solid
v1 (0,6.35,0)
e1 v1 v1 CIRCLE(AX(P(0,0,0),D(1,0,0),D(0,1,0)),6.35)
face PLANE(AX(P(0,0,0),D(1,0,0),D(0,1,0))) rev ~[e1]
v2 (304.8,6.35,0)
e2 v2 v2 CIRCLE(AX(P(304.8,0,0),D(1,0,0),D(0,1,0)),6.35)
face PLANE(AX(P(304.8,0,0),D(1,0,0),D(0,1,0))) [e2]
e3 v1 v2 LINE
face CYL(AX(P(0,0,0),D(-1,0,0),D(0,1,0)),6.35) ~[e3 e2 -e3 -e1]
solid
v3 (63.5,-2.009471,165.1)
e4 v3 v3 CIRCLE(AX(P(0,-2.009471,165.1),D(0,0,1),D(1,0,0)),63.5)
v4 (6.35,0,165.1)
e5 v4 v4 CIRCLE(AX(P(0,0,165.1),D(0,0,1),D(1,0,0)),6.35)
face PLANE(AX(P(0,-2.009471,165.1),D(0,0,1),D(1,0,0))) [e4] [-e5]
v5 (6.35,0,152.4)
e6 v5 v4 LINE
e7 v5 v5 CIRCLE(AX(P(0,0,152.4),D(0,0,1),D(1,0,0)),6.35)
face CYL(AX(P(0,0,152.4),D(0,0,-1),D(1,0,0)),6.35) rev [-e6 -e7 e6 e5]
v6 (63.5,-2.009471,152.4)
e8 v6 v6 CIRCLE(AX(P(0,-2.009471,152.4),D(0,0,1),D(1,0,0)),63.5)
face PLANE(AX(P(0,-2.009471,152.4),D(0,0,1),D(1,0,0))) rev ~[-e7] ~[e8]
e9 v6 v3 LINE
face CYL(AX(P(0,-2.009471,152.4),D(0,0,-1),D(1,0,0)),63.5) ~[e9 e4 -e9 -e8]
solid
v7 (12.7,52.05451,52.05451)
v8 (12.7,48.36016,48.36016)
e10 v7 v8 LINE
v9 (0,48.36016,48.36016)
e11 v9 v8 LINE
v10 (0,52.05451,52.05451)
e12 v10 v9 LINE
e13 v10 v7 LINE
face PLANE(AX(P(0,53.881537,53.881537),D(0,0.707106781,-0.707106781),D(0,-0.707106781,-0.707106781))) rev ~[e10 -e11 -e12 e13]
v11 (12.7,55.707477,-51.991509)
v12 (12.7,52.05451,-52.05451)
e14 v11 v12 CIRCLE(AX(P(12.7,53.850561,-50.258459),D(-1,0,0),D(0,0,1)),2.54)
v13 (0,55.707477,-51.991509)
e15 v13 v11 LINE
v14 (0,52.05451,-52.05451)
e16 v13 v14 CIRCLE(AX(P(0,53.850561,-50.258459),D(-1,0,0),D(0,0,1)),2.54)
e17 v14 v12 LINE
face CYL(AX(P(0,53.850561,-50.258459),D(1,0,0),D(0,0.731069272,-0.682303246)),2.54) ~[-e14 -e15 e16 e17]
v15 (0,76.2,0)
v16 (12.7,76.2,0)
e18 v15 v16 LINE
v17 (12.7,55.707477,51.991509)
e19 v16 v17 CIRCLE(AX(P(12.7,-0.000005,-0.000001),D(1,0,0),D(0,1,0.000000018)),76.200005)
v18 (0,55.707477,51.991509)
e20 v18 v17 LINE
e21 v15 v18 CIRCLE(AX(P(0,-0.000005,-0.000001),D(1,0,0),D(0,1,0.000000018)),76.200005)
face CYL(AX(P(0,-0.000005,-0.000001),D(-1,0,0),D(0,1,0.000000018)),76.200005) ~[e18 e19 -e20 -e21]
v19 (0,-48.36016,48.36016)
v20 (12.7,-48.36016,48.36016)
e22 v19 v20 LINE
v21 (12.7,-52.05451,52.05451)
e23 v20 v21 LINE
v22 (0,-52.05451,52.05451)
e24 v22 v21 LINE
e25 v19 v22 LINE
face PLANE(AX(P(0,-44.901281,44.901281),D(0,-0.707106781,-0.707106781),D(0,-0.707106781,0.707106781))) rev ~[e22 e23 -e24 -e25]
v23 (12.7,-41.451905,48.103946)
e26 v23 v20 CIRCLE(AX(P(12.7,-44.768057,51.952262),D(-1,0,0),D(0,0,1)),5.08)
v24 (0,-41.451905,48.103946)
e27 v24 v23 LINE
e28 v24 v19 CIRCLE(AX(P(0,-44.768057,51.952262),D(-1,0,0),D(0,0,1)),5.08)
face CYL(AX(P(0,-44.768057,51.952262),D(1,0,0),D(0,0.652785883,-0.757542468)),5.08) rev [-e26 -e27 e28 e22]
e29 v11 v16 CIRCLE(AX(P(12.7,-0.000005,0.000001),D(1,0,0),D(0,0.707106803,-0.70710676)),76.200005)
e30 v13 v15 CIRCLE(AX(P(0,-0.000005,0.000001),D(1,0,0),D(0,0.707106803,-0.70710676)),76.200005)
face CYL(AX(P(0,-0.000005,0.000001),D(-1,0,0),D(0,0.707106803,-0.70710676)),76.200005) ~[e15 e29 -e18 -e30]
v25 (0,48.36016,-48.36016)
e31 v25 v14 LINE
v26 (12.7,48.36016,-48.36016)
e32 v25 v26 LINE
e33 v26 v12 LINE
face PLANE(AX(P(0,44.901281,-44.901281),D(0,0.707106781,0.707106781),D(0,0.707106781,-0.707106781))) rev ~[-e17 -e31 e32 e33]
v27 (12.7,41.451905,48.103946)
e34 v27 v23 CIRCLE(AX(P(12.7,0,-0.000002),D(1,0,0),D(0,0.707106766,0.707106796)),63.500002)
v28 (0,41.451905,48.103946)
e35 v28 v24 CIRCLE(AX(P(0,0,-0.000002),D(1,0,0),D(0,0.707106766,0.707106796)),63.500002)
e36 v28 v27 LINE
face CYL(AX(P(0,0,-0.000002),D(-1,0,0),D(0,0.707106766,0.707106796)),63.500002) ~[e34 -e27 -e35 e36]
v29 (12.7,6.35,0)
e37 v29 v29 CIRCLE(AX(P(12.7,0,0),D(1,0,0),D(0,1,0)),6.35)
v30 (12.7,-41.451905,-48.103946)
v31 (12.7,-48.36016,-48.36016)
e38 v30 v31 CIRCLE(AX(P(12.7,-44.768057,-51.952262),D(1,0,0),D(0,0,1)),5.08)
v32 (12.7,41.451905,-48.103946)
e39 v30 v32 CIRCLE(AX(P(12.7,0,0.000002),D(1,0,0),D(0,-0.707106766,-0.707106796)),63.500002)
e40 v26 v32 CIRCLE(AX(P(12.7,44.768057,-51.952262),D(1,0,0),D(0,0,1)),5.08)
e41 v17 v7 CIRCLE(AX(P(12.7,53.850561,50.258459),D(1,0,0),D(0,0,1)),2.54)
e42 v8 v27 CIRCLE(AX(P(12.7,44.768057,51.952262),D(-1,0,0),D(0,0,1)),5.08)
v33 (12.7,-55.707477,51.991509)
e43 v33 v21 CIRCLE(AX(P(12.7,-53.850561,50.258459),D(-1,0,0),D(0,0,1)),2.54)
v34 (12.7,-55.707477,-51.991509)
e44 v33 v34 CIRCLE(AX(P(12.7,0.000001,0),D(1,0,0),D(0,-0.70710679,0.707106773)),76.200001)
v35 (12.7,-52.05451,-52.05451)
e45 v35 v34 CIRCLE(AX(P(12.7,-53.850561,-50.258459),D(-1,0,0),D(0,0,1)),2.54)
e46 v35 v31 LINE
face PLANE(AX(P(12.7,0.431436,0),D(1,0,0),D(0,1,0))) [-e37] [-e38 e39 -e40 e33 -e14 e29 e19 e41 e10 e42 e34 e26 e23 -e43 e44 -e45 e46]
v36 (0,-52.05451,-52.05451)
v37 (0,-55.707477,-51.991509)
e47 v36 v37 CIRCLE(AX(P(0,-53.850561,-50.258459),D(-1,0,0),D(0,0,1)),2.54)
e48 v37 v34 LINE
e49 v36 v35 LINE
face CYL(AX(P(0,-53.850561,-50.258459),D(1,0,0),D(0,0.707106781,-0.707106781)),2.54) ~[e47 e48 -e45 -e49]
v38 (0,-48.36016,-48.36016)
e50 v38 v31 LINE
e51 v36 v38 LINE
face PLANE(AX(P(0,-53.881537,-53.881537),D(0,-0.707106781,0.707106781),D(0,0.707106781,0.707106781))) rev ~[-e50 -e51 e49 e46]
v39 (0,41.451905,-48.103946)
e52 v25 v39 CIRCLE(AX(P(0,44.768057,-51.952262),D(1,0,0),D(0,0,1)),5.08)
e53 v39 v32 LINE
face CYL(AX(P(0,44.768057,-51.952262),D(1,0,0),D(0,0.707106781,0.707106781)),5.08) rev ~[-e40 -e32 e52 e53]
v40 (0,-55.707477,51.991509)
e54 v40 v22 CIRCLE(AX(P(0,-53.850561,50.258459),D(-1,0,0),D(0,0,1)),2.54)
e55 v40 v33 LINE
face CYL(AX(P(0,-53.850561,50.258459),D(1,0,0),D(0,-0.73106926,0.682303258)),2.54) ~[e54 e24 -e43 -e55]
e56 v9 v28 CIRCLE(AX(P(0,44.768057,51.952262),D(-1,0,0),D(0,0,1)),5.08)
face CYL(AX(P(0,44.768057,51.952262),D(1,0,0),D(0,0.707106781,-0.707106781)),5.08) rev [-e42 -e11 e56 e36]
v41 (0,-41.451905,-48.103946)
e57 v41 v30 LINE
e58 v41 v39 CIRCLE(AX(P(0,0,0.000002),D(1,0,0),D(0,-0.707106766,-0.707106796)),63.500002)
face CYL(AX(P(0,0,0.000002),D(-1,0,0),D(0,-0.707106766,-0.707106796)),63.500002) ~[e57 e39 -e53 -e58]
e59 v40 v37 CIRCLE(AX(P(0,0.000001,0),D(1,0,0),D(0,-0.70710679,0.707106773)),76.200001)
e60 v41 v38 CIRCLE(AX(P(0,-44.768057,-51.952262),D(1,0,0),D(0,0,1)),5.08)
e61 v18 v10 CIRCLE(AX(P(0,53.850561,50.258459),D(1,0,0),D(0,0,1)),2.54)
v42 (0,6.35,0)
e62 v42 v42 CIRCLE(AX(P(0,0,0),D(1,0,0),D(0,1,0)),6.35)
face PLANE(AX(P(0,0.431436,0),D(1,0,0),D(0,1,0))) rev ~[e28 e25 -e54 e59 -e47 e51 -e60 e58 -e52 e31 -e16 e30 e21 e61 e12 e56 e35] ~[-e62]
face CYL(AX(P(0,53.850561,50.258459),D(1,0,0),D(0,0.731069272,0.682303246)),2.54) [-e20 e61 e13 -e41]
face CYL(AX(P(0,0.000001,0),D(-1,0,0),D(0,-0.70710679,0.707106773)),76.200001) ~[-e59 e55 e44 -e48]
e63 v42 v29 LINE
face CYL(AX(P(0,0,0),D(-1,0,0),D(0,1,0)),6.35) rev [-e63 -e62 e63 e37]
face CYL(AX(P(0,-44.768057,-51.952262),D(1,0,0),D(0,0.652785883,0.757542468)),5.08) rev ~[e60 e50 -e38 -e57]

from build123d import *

# Parameters (mm, degrees)
F0_R     = 6.35
F1_DEPTH = 12.7
F2_R     = 2.54
F3_R     = 5.08
F5_DEPTH = 304.8
F6_R     = 63.5
F6_R_2   = 6.35
F7_DEPTH = 12.7


with BuildPart() as f1:
    # F0 (on Right) → F1 (new body)
    with BuildSketch(Plane.YZ):
        with BuildLine():
            ThreePointArc((53.881537, -53.881537), (70.39962, -29.160478), (76.2, 0))
            ThreePointArc((76.2, 0), (70.39962, 29.160478), (53.881537, 53.881537))
            Line((53.881537, 53.881537), (44.901281, 44.901281))
            ThreePointArc((44.901281, 44.901281), (0, 63.5), (-44.901281, 44.901281))
            Line((-44.901281, 44.901281), (-53.881537, 53.881537))
            ThreePointArc((-53.881537, 53.881537), (-76.2, 0), (-53.881537, -53.881537))
            Line((-53.881537, -53.881537), (-44.901281, -44.901281))
            ThreePointArc((-44.901281, -44.901281), (0, -63.5), (44.901281, -44.901281))
            Line((44.901281, -44.901281), (53.881537, -53.881537))
        make_face()
        Circle(F0_R, mode=Mode.SUBTRACT)
    extrude(amount=F1_DEPTH)

    # F2
    f2_edges = [f1.edges().sort_by_distance(p)[0] for p in [
        (6.35, -53.881537, 53.881537),
        (6.35, 53.881537, 53.881537),
        (6.35, -53.881537, -53.881537),
        (6.35, 53.881537, -53.881537),
    ]]
    fillet(f2_edges, radius=F2_R)

    # F3
    f3_edges = [f1.edges().sort_by_distance(p)[0] for p in [
        (6.35, -44.901281, -44.901281),
        (6.35, 44.901281, -44.901281),
        (6.35, 44.901281, 44.901281),
        (6.35, -44.901281, 44.901281),
    ]]
    fillet(f3_edges, radius=F3_R)


with BuildPart() as f5:
    # F0 (on Right) → F5 (new body)
    with BuildSketch(Plane.YZ):
        Circle(F0_R)
    extrude(amount=F5_DEPTH)


with BuildPart() as f7:
    # F6 (on offset) → F7 (new body)
    with BuildSketch(Plane.XY.offset(152.4)):
        with Locations((0, -2.009471)):
            Circle(F6_R)
        Circle(F6_R_2, mode=Mode.SUBTRACT)
    extrude(amount=F7_DEPTH)


solid = Compound([f1.part, f5.part, f7.part])
